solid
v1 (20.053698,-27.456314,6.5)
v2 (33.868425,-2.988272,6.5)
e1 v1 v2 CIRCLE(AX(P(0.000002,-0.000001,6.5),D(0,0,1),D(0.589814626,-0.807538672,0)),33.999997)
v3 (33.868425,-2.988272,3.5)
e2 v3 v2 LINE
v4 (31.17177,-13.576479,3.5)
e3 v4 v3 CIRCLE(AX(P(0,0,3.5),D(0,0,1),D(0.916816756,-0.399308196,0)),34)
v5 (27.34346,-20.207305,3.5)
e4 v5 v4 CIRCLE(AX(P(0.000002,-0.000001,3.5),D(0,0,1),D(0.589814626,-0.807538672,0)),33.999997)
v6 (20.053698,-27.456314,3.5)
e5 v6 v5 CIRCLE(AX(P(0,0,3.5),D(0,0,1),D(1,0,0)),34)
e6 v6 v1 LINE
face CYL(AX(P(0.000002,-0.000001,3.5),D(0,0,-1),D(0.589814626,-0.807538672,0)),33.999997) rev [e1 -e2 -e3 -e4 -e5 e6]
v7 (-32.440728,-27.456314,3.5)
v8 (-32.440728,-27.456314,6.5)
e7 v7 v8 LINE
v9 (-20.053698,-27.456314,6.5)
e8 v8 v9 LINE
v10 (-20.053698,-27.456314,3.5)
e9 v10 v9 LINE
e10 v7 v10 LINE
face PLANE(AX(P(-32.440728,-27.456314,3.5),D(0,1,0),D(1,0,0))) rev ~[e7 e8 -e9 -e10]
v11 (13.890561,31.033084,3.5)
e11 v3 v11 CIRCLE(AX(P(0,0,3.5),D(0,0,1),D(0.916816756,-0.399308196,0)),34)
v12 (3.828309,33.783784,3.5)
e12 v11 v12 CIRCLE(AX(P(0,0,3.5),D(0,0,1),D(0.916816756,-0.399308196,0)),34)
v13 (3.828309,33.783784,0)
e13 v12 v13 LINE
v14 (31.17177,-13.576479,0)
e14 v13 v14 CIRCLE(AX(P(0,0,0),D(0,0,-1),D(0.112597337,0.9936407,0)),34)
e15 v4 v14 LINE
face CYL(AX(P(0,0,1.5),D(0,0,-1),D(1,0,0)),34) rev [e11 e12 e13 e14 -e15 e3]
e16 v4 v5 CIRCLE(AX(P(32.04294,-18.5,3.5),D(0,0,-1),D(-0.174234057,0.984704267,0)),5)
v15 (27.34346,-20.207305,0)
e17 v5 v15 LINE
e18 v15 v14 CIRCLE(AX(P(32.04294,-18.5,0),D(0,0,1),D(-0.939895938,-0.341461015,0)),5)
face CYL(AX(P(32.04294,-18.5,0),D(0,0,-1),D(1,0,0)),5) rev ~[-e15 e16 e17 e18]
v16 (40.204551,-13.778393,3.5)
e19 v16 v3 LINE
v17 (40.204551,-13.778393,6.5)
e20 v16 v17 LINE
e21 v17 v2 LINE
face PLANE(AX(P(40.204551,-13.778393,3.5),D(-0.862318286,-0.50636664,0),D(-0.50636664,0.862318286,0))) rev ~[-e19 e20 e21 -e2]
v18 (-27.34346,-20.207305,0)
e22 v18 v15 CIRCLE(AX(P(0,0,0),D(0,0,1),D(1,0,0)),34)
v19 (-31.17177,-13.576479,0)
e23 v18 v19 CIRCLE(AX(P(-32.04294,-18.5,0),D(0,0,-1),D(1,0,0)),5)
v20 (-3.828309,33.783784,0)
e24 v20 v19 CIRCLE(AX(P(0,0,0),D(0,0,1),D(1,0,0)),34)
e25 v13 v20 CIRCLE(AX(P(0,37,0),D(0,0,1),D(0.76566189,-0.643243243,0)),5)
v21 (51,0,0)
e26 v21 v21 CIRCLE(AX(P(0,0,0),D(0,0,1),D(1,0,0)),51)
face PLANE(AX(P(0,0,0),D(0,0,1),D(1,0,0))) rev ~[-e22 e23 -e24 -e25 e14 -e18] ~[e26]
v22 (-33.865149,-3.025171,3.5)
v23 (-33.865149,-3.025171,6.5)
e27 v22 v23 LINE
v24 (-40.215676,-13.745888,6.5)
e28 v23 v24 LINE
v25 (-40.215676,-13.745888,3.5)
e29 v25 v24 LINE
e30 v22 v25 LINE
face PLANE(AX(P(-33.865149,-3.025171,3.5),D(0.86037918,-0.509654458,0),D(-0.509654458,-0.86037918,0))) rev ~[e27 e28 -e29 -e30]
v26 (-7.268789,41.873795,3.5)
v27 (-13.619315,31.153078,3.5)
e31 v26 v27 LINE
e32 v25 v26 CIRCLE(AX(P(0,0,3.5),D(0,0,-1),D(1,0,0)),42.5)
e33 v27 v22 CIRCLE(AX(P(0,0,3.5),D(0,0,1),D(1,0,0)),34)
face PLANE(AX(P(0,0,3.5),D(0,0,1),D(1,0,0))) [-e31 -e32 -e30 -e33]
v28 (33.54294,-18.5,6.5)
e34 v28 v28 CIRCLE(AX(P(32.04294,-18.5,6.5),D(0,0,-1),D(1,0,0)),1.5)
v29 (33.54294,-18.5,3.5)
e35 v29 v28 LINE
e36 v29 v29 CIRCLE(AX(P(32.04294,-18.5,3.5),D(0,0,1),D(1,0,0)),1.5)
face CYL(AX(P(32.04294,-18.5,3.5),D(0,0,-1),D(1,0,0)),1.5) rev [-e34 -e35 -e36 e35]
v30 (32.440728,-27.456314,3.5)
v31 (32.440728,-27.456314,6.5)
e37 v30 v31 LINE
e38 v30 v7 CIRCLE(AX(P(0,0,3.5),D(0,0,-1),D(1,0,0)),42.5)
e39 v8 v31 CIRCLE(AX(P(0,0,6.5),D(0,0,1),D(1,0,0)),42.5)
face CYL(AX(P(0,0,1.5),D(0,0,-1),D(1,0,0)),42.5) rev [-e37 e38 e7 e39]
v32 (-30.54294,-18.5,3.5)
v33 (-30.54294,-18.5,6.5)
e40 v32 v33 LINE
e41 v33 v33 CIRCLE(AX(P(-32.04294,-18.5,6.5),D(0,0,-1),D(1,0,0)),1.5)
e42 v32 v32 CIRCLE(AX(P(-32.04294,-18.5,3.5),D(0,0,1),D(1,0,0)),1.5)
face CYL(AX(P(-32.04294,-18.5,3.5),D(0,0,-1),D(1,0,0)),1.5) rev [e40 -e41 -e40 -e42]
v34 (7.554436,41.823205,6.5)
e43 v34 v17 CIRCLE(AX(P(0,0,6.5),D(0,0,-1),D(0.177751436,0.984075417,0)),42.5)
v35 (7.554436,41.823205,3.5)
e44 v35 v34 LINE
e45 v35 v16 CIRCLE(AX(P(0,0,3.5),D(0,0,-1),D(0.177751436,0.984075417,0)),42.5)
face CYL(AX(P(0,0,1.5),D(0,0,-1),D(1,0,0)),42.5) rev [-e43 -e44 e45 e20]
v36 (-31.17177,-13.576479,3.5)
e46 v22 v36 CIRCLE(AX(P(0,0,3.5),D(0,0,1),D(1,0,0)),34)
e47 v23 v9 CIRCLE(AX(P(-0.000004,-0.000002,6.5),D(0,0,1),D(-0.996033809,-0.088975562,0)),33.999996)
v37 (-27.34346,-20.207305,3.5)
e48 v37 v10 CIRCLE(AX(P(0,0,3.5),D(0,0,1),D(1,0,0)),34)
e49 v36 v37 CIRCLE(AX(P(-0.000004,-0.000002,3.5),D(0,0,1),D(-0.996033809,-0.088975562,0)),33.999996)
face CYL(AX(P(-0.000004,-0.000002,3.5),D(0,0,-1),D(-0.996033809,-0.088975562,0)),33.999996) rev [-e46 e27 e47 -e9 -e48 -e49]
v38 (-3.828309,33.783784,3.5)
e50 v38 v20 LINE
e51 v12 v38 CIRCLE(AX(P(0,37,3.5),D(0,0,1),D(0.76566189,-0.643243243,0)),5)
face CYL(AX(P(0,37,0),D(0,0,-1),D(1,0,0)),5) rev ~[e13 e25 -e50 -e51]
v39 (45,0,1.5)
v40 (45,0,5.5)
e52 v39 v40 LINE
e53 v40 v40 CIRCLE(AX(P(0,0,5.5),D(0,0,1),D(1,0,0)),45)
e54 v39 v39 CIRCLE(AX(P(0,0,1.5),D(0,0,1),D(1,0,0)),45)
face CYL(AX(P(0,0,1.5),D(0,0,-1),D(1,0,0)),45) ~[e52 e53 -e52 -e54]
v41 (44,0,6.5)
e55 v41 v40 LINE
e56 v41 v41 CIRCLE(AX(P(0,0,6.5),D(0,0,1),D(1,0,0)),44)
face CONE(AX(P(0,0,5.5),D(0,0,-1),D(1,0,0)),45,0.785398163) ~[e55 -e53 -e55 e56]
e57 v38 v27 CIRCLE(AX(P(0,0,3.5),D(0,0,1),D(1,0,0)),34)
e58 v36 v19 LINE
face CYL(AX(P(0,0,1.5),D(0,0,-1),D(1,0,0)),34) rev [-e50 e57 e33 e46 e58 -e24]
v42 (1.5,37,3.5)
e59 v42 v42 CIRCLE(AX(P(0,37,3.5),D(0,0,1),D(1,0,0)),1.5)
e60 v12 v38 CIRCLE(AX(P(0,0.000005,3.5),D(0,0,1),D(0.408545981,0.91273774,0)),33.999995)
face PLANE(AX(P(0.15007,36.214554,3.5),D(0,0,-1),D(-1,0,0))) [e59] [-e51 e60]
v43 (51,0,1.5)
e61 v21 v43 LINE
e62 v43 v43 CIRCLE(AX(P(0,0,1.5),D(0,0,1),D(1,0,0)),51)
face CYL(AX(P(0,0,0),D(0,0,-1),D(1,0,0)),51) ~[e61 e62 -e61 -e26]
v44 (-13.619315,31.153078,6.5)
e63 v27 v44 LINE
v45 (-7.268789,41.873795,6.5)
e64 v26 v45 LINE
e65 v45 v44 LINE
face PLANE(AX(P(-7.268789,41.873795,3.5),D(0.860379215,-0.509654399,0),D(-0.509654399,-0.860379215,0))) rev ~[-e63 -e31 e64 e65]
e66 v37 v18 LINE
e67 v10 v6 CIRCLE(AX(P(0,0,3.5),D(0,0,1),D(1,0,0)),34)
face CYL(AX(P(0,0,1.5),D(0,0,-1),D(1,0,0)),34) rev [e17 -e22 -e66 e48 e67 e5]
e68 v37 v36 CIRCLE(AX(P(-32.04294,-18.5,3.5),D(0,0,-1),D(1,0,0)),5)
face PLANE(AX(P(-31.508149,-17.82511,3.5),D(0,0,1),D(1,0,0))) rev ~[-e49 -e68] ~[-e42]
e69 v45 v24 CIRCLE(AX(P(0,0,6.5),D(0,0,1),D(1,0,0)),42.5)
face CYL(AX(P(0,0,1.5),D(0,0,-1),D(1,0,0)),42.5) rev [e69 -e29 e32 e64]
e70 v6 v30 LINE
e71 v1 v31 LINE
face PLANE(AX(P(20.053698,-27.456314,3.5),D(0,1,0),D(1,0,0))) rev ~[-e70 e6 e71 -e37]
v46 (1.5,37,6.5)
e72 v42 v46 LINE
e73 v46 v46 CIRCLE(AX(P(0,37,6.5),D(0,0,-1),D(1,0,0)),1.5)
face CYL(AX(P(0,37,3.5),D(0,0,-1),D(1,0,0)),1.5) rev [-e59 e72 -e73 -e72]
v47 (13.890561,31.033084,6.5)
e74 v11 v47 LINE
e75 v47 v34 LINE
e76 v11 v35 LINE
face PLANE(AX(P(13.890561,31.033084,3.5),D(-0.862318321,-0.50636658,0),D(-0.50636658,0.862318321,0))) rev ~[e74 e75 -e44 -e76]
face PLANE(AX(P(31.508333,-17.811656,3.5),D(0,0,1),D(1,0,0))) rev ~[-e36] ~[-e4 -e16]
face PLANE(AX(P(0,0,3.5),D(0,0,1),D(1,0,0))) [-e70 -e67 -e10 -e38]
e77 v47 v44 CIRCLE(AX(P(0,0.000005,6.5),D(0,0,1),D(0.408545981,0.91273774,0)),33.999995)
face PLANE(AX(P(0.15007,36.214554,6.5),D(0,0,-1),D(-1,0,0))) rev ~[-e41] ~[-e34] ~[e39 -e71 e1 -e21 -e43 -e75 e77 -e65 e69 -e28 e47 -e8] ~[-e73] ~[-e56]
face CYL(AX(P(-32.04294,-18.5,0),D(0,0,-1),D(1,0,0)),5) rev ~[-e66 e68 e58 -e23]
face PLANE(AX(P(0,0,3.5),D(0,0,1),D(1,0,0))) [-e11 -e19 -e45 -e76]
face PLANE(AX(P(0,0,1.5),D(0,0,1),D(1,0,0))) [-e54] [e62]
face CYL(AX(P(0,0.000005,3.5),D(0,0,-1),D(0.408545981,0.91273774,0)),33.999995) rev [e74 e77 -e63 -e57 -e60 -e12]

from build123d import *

# Parameters (mm, degrees)
SKETCH_R          = 51
SKETCH_R_2        = 34
PAD_DEPTH         = 1.5
SKETCH001_R       = 45
SKETCH001_R_2     = 42.5
PAD001_DEPTH      = 5
SKETCH002_R       = 43
SKETCH002_R_2     = 34
PAD002_DEPTH      = 2
SKETCH004_R       = 5
POCKET001_DEPTH   = 3.5
PAD003_DEPTH      = 3
SKETCH003_R       = 1.5
POCKET_DEPTH      = 3.501
POCKET_DEPTH_BACK = -3.001
CHAMFER_SIZE      = 1


with BuildPart() as part:
    # Sketch → Pad (new body)
    with BuildSketch(Plane.XY):
        Circle(SKETCH_R)
        Circle(SKETCH_R_2, mode=Mode.SUBTRACT)
    extrude(amount=PAD_DEPTH)

    # Sketch001 (on Face4 of Pad) → Pad001 (join)
    with BuildSketch(Plane.XY.offset(1.5)):
        Circle(SKETCH001_R)
        Circle(SKETCH001_R_2, mode=Mode.SUBTRACT)
    extrude(amount=PAD001_DEPTH)

    # Sketch002 (on Face6 of Pad001) → Pad002 (join)
    with BuildSketch(Plane.XY.offset(1.5)):
        Circle(SKETCH002_R)
        Circle(SKETCH002_R_2, mode=Mode.SUBTRACT)
    extrude(amount=PAD002_DEPTH)

    # Sketch004 → Pocket001 (cut)
    with BuildSketch(Plane(origin=(0, 0, 0), x_dir=(1, 0, 0), z_dir=(0, 0, -1))):
        with Locations((32.04294, 18.5)):
            Circle(SKETCH004_R)
        with Locations((-32.04294, 18.5)):
            Circle(SKETCH004_R)
        with Locations((0, -37)):
            Circle(SKETCH004_R)
    extrude(amount=-POCKET001_DEPTH, mode=Mode.SUBTRACT)

    # Sketch005 (on Face19 of Pocket001) → Pad003 (join)
    with BuildSketch(Plane.XY.offset(3.5)):
        with BuildLine():
            ThreePointArc((13.890561, 31.033084), (0.148301, 33.999677), (-13.619315, 31.153078))
            Line((-7.268789, 41.873795), (-13.619315, 31.153078))
            ThreePointArc((7.554436, 41.823205), (0.145046, 42.499752), (-7.268789, 41.873795))
            Line((13.890561, 31.033084), (7.554436, 41.823205))
        make_face()
        with BuildLine():
            ThreePointArc((-40.215676, -13.745888), (-36.969341, -20.96468), (-32.440728, -27.456314))
            Line((-32.440728, -27.456314), (-20.053698, -27.456314))
            ThreePointArc((-33.865149, -3.025171), (-29.597816, -16.732283), (-20.053698, -27.456314))
            Line((-33.865149, -3.025171), (-40.215676, -13.745888))
        make_face()
        with BuildLine():
            Line((40.204551, -13.778393), (33.868425, -2.988272))
            ThreePointArc((20.053698, -27.456314), (29.606927, -16.716156), (33.868425, -2.988272))
            Line((20.053698, -27.456314), (32.440728, -27.456314))
            ThreePointArc((32.440728, -27.456314), (36.960864, -20.979621), (40.204551, -13.778393))
        make_face()
    extrude(amount=PAD003_DEPTH)

    # Sketch003 (on Face8 of Pad002) → Pocket (cut, two sides)
    with BuildSketch(Plane.XY.offset(3.5)) as pocket_sk:
        with Locations((0, 37)):
            Circle(SKETCH003_R)
        with Locations((32.04294, -18.5)):
            Circle(SKETCH003_R)
        with Locations((-32.04294, -18.5)):
            Circle(SKETCH003_R)
    extrude(amount=-POCKET_DEPTH, mode=Mode.SUBTRACT)
    extrude(pocket_sk.sketch, amount=-POCKET_DEPTH_BACK, mode=Mode.SUBTRACT)

    # Chamfer
    chamfer_edges = [part.edges().sort_by_distance(p)[0] for p in [
        (-45, 0, 6.5),
    ]]
    chamfer(chamfer_edges, length=CHAMFER_SIZE)


solid = part.part
